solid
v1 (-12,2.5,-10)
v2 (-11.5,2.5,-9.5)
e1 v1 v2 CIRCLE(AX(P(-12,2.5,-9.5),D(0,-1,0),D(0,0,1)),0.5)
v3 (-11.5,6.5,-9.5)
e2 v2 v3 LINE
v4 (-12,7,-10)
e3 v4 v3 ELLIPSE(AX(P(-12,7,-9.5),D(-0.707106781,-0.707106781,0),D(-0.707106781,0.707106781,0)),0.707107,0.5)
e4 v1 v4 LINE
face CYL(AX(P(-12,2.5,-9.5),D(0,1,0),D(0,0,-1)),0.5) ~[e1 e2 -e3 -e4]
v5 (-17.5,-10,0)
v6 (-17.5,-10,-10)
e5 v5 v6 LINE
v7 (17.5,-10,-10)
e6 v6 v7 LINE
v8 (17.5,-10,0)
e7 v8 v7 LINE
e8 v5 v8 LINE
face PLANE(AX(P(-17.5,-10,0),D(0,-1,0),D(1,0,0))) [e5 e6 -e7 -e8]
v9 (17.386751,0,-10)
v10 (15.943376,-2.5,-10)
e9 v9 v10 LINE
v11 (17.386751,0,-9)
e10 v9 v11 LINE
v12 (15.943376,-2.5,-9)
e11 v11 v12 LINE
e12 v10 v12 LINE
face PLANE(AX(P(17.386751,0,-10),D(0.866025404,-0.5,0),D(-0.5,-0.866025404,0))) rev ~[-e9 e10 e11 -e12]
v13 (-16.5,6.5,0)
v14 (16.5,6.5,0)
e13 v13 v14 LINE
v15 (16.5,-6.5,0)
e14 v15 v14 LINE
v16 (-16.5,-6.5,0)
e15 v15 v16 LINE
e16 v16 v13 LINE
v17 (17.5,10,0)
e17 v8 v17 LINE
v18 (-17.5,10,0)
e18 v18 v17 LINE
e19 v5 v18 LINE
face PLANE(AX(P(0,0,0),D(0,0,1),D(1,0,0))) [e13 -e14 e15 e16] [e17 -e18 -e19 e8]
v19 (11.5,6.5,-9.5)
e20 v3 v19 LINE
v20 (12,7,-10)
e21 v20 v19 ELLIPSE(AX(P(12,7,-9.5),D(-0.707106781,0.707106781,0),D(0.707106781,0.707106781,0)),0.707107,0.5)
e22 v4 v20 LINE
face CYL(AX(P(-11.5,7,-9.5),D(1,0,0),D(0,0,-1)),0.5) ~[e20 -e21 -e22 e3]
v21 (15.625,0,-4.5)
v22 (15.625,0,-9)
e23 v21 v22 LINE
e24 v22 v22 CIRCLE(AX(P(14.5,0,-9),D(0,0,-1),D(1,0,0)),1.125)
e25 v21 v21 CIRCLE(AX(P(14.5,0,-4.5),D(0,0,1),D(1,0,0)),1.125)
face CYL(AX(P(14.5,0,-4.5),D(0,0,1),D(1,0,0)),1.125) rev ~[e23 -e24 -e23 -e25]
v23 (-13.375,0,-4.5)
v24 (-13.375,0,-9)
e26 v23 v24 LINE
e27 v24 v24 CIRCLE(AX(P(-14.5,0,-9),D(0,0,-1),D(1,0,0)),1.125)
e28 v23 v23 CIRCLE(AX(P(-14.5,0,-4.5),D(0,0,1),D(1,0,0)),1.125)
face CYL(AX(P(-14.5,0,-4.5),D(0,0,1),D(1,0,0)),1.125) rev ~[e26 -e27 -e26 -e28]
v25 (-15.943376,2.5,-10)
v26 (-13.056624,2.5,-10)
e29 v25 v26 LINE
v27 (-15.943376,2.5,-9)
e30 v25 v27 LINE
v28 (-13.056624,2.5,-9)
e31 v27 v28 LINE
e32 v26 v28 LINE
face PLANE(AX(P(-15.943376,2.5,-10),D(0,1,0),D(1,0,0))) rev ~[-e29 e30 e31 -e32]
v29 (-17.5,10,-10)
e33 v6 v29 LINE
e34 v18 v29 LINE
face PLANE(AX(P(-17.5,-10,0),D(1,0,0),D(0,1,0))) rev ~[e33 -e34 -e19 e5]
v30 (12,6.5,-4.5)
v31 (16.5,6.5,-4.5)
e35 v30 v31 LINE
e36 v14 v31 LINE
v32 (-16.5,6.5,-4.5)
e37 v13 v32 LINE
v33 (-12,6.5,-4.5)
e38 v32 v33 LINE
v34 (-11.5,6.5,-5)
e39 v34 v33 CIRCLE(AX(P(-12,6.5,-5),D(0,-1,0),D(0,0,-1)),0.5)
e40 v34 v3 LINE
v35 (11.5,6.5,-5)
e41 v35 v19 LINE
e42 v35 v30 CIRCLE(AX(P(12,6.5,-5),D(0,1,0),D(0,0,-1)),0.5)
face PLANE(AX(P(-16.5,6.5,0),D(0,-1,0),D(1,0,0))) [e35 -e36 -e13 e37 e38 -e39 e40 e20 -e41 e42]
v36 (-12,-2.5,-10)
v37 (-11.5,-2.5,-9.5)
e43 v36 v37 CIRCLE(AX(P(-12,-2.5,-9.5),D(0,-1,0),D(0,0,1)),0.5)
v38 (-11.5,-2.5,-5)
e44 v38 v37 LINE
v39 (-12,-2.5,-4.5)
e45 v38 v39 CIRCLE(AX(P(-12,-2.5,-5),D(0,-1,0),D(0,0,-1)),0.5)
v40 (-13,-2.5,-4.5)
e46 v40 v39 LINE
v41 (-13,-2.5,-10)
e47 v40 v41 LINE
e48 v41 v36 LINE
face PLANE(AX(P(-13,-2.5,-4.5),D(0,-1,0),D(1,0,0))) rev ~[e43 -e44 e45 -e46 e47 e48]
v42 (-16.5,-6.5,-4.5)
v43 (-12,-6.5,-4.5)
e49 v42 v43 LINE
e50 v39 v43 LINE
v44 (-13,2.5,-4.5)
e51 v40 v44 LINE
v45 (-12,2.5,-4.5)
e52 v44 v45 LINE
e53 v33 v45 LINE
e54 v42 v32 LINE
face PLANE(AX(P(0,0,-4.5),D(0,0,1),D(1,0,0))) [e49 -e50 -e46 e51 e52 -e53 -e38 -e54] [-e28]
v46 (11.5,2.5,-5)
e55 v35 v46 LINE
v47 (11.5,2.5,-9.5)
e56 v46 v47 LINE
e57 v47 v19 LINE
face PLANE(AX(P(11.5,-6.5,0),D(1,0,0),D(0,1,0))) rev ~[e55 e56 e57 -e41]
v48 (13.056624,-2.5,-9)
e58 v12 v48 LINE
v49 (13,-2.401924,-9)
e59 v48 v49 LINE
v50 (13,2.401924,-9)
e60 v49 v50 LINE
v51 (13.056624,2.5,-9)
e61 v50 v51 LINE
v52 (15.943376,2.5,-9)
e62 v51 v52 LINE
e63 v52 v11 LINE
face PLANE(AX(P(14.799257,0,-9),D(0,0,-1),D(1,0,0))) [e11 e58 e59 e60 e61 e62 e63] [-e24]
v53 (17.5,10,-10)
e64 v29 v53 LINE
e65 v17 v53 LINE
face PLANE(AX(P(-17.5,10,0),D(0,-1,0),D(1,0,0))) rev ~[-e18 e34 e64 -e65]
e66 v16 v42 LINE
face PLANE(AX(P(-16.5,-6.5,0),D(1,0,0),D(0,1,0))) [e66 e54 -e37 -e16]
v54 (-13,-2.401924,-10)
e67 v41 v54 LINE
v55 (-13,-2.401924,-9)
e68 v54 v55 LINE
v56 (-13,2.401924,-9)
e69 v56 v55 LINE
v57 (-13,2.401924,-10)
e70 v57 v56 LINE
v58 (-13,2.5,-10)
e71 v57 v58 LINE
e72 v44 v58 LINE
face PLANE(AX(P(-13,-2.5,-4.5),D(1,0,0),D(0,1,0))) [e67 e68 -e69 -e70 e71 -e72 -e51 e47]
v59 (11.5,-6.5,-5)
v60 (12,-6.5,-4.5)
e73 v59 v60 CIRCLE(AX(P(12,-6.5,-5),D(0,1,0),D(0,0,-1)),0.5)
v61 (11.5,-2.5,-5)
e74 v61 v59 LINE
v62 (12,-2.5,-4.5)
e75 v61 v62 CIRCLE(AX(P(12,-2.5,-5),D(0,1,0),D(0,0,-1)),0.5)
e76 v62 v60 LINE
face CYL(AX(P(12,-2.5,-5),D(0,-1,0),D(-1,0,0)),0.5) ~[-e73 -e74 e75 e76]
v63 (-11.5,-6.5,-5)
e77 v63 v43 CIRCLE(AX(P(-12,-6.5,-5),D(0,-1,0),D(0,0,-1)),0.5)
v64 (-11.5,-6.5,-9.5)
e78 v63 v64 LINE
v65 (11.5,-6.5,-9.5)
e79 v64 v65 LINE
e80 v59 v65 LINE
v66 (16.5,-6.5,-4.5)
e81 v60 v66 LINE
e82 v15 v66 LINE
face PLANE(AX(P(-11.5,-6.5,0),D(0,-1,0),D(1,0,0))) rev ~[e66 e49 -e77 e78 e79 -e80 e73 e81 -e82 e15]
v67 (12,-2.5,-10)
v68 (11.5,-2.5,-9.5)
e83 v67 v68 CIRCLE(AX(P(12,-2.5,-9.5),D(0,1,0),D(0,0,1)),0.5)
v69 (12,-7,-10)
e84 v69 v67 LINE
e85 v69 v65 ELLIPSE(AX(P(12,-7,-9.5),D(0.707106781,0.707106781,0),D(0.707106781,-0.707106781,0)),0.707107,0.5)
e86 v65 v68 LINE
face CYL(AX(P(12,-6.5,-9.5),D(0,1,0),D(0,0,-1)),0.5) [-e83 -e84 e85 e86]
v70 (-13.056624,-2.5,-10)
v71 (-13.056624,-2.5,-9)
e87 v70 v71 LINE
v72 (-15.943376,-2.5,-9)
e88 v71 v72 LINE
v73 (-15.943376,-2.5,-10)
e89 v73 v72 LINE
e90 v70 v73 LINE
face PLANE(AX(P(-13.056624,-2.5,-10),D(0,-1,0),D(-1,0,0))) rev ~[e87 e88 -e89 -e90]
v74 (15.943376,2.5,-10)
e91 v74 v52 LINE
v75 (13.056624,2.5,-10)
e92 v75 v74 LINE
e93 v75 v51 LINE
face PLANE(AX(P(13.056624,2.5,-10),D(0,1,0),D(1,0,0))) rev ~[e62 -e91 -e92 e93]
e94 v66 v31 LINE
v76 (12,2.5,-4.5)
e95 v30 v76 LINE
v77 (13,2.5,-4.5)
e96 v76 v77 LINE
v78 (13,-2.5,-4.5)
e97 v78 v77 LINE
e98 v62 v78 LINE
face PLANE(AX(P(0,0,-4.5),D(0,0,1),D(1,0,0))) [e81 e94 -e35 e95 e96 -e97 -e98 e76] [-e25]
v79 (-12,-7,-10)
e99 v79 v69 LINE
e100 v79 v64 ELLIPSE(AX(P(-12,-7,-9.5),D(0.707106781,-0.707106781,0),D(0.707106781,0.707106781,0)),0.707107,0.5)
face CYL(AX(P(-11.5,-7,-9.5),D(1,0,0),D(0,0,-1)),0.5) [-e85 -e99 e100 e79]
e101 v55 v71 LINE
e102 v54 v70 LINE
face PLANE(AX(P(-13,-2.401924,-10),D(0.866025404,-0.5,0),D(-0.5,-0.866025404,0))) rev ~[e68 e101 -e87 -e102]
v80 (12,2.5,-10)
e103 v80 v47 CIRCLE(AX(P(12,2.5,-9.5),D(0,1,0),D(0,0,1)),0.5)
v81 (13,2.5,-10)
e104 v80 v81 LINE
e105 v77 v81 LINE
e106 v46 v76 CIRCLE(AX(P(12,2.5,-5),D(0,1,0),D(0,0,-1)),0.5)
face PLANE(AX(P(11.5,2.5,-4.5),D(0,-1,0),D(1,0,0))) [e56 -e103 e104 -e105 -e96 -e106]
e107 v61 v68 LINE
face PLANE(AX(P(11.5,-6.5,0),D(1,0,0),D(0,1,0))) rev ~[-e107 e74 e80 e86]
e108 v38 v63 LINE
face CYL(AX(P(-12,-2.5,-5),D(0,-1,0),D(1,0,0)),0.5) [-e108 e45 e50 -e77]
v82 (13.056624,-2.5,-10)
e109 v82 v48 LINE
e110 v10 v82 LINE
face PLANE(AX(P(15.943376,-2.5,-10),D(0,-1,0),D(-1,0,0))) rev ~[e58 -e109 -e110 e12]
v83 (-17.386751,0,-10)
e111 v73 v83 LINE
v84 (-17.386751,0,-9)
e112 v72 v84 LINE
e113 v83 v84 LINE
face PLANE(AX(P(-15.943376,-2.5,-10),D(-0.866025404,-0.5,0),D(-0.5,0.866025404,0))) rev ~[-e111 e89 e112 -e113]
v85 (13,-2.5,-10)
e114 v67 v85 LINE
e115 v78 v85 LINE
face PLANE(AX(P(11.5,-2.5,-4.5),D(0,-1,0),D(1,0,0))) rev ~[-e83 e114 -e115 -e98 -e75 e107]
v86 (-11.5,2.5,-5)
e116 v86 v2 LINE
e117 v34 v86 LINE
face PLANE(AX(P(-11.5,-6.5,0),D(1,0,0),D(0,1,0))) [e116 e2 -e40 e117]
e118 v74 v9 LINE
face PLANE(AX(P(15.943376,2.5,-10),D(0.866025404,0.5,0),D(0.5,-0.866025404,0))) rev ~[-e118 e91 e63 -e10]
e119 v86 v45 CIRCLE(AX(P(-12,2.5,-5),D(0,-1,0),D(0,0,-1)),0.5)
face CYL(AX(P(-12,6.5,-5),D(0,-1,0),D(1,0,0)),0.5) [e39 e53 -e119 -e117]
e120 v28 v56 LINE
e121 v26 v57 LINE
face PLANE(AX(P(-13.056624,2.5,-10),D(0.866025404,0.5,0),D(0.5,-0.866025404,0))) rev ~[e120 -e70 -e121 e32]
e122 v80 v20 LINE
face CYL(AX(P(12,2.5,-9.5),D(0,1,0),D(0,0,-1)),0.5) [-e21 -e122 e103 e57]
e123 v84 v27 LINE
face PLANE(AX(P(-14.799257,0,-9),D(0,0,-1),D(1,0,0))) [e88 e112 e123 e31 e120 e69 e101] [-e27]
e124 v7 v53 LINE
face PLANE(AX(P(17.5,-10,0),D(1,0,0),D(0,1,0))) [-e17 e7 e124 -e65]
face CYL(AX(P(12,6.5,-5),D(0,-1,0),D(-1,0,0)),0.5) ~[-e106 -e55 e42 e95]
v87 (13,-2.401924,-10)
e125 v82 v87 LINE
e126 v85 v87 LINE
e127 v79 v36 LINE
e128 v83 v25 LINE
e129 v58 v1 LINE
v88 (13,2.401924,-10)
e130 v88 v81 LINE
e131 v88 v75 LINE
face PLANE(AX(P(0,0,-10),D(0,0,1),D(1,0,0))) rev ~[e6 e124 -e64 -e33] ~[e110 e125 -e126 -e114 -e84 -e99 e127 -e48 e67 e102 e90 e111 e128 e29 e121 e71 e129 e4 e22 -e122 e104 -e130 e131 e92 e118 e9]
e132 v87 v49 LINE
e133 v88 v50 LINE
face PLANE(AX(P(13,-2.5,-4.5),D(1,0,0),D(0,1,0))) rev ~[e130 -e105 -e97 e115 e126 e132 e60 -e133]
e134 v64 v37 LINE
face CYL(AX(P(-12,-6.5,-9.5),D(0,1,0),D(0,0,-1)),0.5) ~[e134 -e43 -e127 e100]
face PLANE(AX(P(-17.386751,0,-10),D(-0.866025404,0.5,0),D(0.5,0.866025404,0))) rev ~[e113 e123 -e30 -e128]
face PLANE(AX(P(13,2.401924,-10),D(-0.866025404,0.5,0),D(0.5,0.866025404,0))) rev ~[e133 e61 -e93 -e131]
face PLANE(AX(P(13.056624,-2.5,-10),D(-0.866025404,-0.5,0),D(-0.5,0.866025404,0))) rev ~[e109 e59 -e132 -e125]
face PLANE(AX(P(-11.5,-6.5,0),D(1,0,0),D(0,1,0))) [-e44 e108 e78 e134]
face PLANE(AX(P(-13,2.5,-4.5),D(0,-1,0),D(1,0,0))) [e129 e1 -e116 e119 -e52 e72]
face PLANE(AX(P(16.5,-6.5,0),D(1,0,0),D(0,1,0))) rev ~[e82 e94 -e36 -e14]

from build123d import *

# Parameters (mm, degrees)
F0_W     = 35
F0_H     = 20
F1_DEPTH = 10
F2_W     = 23
F2_H     = 13
F3_DEPTH = 10
F4_W     = 33
F4_H     = 13
F5_DEPTH = 4.5
F6_R     = 1.125
F6_W     = 1.5
F6_H     = 5
F7_DEPTH = 5.5
F8_R     = 1.125
F9_DEPTH = 1
F10_R    = 0.5


with BuildPart() as f1:
    # F0 (on Top) → F1 (new body)
    with BuildSketch(Plane.XY):
        Rectangle(F0_W, F0_H)
    extrude(amount=-F1_DEPTH)

    # F2 (on Top) → F3 (cut, through all)
    with BuildSketch(Plane.XY):
        Rectangle(F2_W, F2_H)
    extrude(amount=-F3_DEPTH, mode=Mode.SUBTRACT)

    # F4 (on Top) → F5 (cut)
    with BuildSketch(Plane.XY):
        Rectangle(F4_W, F4_H)
    extrude(amount=-F5_DEPTH, mode=Mode.SUBTRACT)

    # F6 (on face) → F7 (cut, through all)
    with BuildSketch(Plane.XY.offset(-4.5)):
        with Locations((-14.5, 0)):
            Circle(F6_R)
        with Locations((14.5, 0)):
            Circle(F6_R)
        with Locations((-12.25, 0)):
            Rectangle(F6_W, F6_H)
        with Locations((12.25, 0)):
            Rectangle(F6_W, F6_H)
    extrude(amount=-F7_DEPTH, mode=Mode.SUBTRACT)

    # F8 (on face) → F9 (cut)
    with BuildSketch(Plane(origin=(0, 0, -10), x_dir=(1, 0, 0), z_dir=(0, 0, -1))):
        Polygon((-15.943375673, -2.5), (-13.056624327, -2.5), (-13, -2.4019237886), (-13, 2.4019237886), (-13.056624327, 2.5), (-15.943375673, 2.5), (-17.3867513459, 0), align=None)
        with Locations((-14.5, 0)):
            Circle(F8_R, mode=Mode.SUBTRACT)
        Polygon((13, 2.4019237886), (13, -2.4019237886), (13.056624327, -2.5), (15.943375673, -2.5), (17.3867513459, 0), (15.943375673, 2.5), (13.056624327, 2.5), align=None)
        with Locations((14.5, 0)):
            Circle(F8_R, mode=Mode.SUBTRACT)
    extrude(amount=-F9_DEPTH, mode=Mode.SUBTRACT)

    # F10
    f10_edges = [f1.edges().sort_by_distance(p)[0] for p in [
        (-11.5, 4.5, -10),
        (-11.5, -4.5, -10),
        (0, -6.5, -10),
        (0, 6.5, -10),
        (11.5, 4.5, -10),
        (11.5, -4.5, -10),
        (11.5, -4.5, -4.5),
        (11.5, 4.5, -4.5),
        (-11.5, -4.5, -4.5),
        (-11.5, 4.5, -4.5),
    ]]
    fillet(f10_edges, radius=F10_R)


solid = f1.part
